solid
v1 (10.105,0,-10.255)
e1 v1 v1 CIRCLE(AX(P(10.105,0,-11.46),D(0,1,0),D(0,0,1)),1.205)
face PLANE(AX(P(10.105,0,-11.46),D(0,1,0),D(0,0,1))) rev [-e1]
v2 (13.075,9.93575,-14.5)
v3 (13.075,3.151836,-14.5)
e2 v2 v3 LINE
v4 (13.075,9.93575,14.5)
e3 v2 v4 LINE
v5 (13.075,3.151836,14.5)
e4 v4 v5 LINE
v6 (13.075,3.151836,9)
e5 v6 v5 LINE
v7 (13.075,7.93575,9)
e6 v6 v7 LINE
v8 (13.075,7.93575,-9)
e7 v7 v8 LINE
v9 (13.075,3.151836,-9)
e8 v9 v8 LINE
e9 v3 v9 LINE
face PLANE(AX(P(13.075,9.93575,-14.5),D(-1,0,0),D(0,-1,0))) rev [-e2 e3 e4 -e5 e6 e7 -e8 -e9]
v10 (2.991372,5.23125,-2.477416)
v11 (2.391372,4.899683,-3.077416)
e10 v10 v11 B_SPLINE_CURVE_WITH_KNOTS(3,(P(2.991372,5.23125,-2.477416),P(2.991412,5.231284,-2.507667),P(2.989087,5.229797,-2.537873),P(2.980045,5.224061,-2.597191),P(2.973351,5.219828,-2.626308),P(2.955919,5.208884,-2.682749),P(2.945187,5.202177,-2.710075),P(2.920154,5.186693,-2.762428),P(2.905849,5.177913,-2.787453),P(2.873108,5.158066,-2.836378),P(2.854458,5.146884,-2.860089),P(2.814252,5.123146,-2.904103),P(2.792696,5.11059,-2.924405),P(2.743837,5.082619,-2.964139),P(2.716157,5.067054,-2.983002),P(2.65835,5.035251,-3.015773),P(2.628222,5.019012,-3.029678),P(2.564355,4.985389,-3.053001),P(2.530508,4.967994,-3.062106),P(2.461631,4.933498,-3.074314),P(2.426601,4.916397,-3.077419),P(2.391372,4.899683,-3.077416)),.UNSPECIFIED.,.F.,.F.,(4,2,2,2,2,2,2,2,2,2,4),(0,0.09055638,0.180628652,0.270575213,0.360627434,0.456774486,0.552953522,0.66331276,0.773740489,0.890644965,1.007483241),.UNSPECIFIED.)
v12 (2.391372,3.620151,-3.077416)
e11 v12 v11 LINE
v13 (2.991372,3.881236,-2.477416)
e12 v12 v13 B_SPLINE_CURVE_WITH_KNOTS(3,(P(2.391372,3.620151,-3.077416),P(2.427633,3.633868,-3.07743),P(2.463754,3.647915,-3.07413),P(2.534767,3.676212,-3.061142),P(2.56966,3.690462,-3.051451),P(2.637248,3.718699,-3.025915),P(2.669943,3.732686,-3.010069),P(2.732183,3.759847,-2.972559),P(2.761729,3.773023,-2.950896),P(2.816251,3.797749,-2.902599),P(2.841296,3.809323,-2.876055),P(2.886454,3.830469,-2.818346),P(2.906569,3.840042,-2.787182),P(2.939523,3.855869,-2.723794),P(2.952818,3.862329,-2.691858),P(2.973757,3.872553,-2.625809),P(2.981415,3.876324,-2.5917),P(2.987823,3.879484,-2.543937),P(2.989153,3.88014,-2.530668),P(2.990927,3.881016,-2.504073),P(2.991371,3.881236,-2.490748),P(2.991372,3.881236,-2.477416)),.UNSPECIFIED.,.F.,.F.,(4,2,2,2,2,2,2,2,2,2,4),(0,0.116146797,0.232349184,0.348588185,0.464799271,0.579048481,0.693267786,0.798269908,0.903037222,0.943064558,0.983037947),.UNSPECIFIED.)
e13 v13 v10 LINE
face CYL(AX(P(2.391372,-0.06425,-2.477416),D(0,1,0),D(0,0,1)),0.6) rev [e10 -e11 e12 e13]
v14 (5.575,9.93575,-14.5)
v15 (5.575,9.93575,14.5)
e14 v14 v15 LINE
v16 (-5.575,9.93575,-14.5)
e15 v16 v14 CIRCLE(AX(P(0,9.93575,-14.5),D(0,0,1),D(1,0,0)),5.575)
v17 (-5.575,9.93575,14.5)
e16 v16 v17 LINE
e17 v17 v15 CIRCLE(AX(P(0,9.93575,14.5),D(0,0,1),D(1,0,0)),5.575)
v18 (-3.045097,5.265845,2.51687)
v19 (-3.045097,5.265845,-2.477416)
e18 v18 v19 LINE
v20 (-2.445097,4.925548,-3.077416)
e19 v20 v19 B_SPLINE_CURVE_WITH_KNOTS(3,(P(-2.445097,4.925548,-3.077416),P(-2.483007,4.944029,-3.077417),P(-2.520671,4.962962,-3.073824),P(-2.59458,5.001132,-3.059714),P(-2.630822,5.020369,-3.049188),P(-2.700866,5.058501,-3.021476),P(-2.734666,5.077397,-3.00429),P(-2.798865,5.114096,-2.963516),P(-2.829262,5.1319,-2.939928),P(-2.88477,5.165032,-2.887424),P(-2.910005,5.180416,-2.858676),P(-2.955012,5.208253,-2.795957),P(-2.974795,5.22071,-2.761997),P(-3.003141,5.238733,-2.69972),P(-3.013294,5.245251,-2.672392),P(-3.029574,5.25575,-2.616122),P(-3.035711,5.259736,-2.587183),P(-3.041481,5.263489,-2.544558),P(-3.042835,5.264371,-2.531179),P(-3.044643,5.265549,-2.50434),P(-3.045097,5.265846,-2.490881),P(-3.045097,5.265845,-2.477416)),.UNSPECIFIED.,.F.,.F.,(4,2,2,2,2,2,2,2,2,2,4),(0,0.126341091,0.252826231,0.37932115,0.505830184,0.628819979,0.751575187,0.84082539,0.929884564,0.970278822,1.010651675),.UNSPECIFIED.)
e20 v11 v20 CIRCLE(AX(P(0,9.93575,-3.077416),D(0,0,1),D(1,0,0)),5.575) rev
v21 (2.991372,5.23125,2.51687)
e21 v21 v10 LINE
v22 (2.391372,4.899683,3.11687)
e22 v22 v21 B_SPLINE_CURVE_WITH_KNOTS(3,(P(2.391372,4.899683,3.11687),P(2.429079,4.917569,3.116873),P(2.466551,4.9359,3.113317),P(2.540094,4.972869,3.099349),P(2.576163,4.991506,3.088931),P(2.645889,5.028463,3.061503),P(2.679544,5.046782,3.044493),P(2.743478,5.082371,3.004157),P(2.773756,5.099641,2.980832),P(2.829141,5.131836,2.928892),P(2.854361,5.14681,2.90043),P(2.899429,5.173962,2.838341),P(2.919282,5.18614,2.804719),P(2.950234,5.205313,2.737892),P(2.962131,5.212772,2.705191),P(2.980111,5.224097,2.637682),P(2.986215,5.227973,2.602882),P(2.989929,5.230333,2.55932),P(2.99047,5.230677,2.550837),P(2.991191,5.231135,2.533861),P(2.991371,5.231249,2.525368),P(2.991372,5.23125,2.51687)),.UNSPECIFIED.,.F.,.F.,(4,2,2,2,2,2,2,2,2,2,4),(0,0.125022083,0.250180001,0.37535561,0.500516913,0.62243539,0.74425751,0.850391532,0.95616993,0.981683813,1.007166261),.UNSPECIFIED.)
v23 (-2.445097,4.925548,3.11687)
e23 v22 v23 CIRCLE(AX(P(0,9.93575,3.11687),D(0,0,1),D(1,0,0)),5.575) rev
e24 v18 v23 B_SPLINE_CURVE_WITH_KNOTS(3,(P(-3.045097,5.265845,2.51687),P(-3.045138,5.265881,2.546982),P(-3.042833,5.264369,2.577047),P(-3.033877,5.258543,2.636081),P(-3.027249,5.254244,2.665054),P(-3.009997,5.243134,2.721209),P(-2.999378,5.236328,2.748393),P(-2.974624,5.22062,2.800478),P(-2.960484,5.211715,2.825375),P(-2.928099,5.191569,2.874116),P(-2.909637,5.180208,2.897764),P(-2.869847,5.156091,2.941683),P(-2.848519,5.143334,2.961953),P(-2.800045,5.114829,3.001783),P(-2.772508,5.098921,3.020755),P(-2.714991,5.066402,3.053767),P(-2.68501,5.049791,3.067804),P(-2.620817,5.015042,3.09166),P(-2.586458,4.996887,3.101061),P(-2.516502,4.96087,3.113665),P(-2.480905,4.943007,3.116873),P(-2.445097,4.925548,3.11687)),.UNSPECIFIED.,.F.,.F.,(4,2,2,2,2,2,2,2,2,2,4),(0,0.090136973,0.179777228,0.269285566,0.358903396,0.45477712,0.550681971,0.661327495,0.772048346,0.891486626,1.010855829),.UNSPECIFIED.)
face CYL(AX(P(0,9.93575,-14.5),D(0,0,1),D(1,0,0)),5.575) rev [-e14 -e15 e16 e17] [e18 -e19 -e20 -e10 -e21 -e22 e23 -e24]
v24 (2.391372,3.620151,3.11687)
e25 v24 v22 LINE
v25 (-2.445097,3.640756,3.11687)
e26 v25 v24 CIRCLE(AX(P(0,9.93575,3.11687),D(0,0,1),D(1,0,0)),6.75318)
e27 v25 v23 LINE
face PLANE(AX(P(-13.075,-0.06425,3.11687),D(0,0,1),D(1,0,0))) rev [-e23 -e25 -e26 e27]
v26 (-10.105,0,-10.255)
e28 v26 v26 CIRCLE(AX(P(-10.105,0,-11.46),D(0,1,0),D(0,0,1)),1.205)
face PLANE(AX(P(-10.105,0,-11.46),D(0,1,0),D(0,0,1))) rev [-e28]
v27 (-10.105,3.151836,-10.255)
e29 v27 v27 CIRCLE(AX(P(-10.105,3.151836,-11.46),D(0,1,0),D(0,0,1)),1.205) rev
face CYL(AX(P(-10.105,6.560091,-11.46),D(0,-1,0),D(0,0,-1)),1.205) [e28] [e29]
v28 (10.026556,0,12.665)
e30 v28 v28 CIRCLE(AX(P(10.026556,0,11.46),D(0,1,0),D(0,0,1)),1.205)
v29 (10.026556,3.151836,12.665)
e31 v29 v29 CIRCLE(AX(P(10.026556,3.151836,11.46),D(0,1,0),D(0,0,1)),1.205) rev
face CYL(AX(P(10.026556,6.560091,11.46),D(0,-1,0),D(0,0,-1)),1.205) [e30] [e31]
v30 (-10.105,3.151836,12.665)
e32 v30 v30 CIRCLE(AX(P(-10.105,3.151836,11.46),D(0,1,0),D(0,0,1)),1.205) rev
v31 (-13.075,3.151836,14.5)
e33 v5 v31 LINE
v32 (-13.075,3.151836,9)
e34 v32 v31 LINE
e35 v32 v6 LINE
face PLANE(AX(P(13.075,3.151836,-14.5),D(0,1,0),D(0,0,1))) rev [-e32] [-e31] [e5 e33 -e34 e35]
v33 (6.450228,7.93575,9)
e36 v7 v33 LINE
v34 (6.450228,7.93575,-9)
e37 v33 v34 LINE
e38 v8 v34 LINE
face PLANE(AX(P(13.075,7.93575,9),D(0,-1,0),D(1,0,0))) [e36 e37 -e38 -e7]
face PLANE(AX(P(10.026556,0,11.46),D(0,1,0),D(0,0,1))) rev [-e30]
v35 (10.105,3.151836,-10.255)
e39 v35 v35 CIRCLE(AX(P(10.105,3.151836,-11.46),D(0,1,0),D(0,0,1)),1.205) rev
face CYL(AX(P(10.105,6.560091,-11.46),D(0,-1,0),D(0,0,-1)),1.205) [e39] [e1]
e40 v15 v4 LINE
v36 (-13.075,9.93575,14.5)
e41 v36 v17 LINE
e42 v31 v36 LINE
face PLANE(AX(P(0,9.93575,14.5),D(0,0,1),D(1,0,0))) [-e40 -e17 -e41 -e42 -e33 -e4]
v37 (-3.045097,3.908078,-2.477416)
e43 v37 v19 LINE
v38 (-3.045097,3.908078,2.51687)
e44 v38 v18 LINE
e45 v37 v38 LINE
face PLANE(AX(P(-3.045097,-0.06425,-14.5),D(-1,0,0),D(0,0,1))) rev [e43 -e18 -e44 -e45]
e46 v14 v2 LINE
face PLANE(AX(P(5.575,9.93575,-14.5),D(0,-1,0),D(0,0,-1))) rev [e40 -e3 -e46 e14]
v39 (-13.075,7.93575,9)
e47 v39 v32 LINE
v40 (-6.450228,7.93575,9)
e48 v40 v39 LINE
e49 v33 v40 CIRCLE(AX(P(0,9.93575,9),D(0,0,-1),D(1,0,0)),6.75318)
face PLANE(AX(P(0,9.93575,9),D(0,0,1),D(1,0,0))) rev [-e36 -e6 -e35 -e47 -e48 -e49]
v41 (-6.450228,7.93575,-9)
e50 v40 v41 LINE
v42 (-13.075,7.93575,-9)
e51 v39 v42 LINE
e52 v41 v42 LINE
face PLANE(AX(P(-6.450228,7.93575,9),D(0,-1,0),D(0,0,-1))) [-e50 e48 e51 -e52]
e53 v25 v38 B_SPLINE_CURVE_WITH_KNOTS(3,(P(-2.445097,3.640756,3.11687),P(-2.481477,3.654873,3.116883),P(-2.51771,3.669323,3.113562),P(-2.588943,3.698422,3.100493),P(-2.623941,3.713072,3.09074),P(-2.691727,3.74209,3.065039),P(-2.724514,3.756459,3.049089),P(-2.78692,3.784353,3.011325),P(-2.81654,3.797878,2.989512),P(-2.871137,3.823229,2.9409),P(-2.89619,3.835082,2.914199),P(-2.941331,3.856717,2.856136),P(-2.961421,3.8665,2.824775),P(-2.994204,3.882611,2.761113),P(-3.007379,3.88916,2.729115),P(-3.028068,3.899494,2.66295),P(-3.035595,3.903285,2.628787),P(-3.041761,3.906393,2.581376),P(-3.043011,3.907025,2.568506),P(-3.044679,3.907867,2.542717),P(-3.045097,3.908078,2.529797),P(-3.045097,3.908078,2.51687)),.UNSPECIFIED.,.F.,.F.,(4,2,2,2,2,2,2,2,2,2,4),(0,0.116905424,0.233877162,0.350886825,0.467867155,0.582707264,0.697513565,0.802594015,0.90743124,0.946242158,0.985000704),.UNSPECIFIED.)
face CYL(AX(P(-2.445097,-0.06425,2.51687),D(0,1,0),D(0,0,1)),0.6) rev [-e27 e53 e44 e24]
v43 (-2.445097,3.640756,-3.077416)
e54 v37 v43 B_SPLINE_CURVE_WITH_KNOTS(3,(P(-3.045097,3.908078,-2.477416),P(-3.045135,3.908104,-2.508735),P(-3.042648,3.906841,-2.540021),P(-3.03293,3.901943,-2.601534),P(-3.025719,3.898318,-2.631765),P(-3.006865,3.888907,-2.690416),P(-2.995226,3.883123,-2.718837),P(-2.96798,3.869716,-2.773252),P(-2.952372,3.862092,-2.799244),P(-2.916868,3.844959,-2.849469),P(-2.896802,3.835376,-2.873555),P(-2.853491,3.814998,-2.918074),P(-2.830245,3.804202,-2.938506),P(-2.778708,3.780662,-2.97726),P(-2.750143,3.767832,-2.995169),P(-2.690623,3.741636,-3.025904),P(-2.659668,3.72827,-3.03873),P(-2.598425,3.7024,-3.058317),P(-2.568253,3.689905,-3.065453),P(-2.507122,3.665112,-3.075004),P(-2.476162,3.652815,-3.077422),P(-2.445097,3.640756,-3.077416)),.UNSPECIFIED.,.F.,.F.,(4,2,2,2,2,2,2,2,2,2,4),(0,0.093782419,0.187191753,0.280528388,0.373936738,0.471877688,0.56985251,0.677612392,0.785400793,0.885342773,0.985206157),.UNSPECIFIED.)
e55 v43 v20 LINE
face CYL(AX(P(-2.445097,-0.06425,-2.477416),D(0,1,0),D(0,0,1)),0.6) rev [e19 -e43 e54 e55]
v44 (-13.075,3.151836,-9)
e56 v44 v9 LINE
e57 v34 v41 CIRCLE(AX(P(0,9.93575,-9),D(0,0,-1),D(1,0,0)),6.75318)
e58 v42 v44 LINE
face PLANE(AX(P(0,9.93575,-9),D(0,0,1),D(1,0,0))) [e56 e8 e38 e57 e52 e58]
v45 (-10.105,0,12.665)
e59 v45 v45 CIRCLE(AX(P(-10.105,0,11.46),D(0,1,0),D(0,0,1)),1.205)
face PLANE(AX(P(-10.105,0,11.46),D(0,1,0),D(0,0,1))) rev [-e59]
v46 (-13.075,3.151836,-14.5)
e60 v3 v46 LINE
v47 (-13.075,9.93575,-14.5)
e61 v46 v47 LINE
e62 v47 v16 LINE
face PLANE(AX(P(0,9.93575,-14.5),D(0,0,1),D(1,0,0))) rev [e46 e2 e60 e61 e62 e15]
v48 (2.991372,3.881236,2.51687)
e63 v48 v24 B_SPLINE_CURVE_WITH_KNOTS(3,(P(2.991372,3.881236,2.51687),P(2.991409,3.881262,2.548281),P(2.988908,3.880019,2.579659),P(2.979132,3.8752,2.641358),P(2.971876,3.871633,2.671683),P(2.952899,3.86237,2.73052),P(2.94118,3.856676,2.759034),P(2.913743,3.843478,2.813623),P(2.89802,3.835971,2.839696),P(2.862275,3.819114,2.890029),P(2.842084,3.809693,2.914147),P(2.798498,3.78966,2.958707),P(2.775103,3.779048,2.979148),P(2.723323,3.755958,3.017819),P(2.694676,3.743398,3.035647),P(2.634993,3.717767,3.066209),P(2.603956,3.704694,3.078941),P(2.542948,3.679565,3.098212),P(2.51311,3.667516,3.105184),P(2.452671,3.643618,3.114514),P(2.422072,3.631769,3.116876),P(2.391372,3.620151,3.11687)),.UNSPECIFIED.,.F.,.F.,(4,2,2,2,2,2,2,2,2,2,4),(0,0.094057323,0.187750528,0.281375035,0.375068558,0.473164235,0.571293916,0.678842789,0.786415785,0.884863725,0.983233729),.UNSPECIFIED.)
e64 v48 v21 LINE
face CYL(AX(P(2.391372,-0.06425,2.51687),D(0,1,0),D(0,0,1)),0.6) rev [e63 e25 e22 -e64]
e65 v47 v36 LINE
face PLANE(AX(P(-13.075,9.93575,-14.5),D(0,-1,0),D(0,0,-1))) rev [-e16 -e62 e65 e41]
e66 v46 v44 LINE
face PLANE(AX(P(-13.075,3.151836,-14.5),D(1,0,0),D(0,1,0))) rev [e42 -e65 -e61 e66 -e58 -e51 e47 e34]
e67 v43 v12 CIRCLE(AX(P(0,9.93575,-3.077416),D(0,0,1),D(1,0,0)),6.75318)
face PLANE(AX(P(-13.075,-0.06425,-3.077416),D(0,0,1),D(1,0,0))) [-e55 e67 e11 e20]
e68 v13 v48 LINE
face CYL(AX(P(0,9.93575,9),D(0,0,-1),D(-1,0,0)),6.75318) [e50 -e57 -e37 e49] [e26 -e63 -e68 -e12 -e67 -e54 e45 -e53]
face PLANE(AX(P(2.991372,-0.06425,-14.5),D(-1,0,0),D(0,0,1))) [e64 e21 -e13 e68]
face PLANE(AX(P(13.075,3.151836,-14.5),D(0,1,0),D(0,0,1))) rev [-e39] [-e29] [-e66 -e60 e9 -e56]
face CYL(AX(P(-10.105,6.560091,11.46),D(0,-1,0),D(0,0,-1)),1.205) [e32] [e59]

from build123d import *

# Parameters (mm, degrees)
BOSS_EXTRUDE1_DEPTH      = 14.5
BOSS_EXTRUDE1_DEPTH_BACK = 14.5
SKETCH2_R                = 1.205
BOSS_EXTRUDE2_DEPTH      = 3.151836
CUT_EXTRUDE1_START       = 9.93575
CUT_EXTRUDE1_DEPTH       = 10
CUT_EXTRUDE2_DEPTH       = 9
CUT_EXTRUDE2_DEPTH_BACK  = 9


with BuildPart() as part:
    # Sketch1 → Boss-Extrude1 (new body, two sides)
    with BuildSketch(Plane.XY) as boss_extrude1_sk:
        with BuildLine():
            Line((5.575, 9.935749893), (13.075, 9.935749893))
            Line((13.075, 9.935749893), (13.075, 3.151836247))
            Line((13.075, 3.151836247), (-13.075, 3.151836247))
            Line((-13.075, 3.151836247), (-13.075, 9.935749893))
            Line((-13.075, 9.935749893), (-5.575, 9.935749893))
            ThreePointArc((-5.575, 9.935749893), (0, 4.360749893), (5.575, 9.935749893))
        make_face()
    extrude(amount=BOSS_EXTRUDE1_DEPTH)
    extrude(boss_extrude1_sk.sketch, amount=-BOSS_EXTRUDE1_DEPTH_BACK)

    # Sketch2 → Boss-Extrude2 (add)
    with BuildSketch(Plane(origin=(0, 0, 0), x_dir=(1, 0, 0), z_dir=(0, 1, 0))):
        with Locations((10.105, 11.46)):
            Circle(SKETCH2_R)
        with Locations((10.026555832, -11.46)):
            Circle(SKETCH2_R)
        with Locations((-10.105, -11.46)):
            Circle(SKETCH2_R)
        with Locations((-10.105, 11.46)):
            Circle(SKETCH2_R)
    extrude(amount=BOSS_EXTRUDE2_DEPTH)

    # Sketch3 → Cut-Extrude1 (cut)
    with BuildSketch(Plane(origin=(0, 0, 0), x_dir=(1, 0, 0), z_dir=(0, 1, 0)).offset(CUT_EXTRUDE1_START)):
        with BuildLine():
            Line((-2.445097234, 3.077415604), (2.391371835, 3.077415604))
            ThreePointArc((2.391371835, 3.077415604), (2.815635904, 2.901679673), (2.991371835, 2.477415604))
            Line((2.991371835, 2.477415604), (2.991371835, -2.51686965))
            ThreePointArc((2.991371835, -2.51686965), (2.815635904, -2.941133719), (2.391371835, -3.11686965))
            Line((2.391371835, -3.11686965), (-2.445097234, -3.11686965))
            ThreePointArc((-2.445097234, -3.11686965), (-2.869361302, -2.941133719), (-3.045097234, -2.51686965))
            Line((-3.045097234, -2.51686965), (-3.045097234, 2.477415604))
            ThreePointArc((-3.045097234, 2.477415604), (-2.869361302, 2.901679673), (-2.445097234, 3.077415604))
        make_face()
    extrude(amount=-CUT_EXTRUDE1_DEPTH, mode=Mode.SUBTRACT)

    # Sketch5 → Cut-Extrude2 (cut, two sides)
    with BuildSketch(Plane.XY) as cut_extrude2_sk:
        with BuildLine():
            Line((-6.450228257, 7.935749893), (-13.075, 7.935749893))
            Line((-13.075, 7.935749893), (-13.075, 3.151836247))
            Line((-13.075, 3.151836247), (13.075, 3.151836247))
            Line((13.075, 3.151836247), (13.075, 7.935749893))
            Line((13.075, 7.935749893), (6.450228257, 7.935749893))
            ThreePointArc((6.450228257, 7.935749893), (0, 3.182569563), (-6.450228257, 7.935749893))
        make_face()
    extrude(amount=CUT_EXTRUDE2_DEPTH, mode=Mode.SUBTRACT)
    extrude(cut_extrude2_sk.sketch, amount=-CUT_EXTRUDE2_DEPTH_BACK, mode=Mode.SUBTRACT)


solid = part.part
